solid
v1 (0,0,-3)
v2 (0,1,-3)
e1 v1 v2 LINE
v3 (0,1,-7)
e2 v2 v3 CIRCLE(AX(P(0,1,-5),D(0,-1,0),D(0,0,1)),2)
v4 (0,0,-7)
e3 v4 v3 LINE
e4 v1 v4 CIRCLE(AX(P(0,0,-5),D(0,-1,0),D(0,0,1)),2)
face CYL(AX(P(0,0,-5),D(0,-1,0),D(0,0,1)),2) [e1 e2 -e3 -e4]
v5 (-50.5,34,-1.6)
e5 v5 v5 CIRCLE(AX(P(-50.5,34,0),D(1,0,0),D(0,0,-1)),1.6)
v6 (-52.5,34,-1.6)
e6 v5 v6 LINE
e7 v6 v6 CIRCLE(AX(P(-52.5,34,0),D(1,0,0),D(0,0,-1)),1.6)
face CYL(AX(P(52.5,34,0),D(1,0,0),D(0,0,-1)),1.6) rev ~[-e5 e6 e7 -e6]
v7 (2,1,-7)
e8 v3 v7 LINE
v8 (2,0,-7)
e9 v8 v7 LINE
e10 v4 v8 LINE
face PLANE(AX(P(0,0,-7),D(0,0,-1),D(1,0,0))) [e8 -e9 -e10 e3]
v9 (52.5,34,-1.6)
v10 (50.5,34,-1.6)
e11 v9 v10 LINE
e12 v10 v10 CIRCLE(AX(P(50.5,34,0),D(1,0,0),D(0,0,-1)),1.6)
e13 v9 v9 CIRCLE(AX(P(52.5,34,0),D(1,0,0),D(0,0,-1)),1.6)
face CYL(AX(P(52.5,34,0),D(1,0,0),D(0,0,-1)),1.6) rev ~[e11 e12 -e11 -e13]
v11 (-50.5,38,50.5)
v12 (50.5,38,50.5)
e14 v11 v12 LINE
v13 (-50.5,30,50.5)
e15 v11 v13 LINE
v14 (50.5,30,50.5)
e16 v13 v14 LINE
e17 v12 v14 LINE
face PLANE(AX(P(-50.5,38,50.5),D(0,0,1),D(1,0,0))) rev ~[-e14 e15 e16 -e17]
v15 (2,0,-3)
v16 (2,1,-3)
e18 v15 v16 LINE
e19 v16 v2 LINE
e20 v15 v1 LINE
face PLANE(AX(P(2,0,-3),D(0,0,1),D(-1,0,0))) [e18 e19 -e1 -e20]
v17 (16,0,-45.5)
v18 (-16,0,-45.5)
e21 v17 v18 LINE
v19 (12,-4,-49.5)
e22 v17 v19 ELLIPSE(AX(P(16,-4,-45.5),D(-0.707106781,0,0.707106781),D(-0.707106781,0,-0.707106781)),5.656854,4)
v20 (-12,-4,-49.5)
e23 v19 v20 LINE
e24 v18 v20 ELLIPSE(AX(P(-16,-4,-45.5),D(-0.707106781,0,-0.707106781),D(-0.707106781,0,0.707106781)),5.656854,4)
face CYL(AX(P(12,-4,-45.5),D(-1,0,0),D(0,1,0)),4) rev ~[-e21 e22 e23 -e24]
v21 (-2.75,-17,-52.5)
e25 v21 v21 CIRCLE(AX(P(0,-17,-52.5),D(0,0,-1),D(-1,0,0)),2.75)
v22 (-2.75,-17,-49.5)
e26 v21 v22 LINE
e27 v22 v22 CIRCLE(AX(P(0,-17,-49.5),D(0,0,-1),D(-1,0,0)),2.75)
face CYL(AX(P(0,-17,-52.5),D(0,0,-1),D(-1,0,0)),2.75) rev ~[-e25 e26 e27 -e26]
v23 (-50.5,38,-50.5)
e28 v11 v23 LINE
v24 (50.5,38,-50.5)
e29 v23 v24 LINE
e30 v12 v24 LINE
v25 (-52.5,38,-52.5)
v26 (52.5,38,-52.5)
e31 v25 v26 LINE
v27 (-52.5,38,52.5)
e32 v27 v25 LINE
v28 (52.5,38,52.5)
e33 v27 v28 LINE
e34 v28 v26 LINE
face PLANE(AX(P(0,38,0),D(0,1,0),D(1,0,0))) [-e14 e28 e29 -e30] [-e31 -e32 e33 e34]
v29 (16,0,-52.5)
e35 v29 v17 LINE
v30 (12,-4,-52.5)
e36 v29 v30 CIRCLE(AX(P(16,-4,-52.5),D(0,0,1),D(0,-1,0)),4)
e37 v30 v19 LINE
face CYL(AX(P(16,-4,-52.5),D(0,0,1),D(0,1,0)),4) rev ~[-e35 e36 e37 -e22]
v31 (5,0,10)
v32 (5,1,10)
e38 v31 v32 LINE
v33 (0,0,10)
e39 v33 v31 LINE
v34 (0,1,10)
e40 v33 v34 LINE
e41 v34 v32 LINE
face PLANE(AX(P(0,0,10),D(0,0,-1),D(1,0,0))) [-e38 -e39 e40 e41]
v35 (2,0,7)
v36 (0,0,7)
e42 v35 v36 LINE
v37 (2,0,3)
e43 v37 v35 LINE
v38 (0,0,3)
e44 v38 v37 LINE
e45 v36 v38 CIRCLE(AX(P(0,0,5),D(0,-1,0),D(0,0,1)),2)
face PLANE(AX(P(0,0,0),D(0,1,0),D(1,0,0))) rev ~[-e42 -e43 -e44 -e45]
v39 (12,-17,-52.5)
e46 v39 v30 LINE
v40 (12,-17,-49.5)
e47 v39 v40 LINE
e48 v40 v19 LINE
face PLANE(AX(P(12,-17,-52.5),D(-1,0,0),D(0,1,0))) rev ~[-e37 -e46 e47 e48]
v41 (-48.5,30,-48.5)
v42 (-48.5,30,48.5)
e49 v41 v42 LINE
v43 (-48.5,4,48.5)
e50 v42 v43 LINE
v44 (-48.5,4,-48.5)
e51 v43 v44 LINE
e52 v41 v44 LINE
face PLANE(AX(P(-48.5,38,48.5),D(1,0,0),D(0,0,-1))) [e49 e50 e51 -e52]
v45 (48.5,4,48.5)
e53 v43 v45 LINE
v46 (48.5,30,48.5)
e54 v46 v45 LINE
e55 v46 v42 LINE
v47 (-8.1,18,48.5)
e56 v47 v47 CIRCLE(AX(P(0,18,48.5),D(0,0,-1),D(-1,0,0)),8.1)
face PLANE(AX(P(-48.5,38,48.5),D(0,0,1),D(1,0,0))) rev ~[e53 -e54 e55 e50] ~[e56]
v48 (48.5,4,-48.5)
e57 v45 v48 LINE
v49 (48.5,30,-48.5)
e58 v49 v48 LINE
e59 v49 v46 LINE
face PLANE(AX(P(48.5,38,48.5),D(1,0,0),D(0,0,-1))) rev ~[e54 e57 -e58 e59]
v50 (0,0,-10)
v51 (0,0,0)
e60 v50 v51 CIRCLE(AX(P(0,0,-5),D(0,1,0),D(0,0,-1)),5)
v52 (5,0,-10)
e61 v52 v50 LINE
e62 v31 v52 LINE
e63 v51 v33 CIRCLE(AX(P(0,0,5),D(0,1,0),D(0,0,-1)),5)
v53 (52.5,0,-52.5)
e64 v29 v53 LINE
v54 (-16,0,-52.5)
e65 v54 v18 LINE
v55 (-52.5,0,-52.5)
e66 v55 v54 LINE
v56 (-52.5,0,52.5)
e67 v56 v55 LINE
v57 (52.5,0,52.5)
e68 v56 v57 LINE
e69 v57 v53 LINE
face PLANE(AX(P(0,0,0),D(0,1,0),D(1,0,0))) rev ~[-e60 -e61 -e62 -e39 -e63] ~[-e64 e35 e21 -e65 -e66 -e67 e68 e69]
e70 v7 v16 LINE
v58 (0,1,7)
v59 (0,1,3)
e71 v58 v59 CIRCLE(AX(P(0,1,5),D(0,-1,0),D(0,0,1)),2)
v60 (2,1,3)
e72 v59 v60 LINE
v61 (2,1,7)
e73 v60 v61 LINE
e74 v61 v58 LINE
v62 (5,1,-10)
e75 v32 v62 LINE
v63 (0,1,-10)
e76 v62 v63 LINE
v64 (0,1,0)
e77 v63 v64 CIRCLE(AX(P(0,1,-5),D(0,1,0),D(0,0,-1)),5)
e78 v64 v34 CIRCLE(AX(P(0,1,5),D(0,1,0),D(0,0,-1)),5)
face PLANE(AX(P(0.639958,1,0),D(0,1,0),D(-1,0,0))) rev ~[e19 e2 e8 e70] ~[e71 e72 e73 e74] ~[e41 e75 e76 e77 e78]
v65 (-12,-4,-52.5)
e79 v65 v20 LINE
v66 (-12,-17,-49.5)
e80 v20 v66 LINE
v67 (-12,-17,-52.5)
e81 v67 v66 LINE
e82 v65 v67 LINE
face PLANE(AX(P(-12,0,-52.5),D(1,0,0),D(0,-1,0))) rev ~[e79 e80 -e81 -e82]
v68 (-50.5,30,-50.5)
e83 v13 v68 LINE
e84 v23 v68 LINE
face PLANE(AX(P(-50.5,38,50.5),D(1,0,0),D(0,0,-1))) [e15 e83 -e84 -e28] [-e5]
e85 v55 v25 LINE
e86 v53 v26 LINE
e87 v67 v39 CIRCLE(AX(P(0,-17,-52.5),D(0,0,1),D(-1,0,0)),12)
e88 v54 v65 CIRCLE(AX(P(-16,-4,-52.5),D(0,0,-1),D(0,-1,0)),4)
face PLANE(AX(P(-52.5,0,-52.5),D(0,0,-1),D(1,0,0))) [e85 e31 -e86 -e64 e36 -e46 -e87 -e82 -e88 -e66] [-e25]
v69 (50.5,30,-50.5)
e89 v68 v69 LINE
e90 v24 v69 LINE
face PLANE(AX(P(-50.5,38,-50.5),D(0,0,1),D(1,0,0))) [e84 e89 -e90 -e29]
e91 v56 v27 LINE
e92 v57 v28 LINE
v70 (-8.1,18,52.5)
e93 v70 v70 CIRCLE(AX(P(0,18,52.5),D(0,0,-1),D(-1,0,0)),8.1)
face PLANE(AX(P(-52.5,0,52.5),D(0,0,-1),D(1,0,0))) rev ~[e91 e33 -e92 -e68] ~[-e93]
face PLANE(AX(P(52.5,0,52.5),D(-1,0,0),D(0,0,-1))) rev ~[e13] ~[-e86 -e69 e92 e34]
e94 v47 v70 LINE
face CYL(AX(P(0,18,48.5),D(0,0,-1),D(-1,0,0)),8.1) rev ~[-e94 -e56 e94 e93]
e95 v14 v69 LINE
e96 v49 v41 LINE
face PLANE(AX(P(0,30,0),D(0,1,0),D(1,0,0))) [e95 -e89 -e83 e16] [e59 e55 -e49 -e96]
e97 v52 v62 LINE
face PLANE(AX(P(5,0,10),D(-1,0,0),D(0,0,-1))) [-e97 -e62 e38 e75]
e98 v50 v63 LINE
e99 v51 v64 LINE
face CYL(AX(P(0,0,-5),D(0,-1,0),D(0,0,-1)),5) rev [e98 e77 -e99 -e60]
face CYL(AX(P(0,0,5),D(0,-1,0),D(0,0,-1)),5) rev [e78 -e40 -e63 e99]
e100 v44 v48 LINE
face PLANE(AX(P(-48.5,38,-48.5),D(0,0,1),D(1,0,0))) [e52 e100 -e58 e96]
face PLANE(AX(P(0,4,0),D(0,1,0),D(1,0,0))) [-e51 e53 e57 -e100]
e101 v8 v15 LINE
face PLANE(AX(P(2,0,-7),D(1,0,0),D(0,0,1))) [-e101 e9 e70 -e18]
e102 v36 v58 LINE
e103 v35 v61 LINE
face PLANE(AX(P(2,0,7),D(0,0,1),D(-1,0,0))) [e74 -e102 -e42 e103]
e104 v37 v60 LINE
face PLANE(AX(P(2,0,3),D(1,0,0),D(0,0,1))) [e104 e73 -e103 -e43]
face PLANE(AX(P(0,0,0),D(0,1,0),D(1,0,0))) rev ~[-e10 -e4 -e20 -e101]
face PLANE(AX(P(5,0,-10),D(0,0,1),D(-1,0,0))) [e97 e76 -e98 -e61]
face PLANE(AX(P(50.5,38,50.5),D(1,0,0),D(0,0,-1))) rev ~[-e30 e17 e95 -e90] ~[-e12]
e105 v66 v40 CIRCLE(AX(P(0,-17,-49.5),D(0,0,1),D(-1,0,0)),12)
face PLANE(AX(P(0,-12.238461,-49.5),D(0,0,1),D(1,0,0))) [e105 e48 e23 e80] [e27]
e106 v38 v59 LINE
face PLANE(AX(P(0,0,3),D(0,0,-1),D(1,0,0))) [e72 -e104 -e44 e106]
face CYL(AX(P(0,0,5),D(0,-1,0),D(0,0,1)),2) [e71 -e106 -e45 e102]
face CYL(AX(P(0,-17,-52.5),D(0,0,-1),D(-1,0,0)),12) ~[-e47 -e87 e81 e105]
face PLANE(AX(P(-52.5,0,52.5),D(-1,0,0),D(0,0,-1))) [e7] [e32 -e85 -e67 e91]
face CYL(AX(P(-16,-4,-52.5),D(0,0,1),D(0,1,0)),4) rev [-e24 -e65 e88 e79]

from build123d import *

# Parameters (mm, degrees)
SKETCH1_W           = 105
SKETCH1_H           = 105
BOSS_EXTRUDE1_DEPTH = 38
SKETCH2_W           = 97
SKETCH2_H           = 97
CUT_EXTRUDE1_DEPTH  = 34
SKETCH3_W           = 101
SKETCH3_H           = 101
CUT_EXTRUDE2_DEPTH  = 8
SKETCH5_R           = 1.6
CUT_EXTRUDE3_DEPTH  = 106
SKETCH6_R           = 2.75
BOSS_EXTRUDE2_DEPTH = 3
FILLET1_R           = 4
CUT_EXTRUDE4_REACH  = 6
SKETCH7_R           = 8.1
CUT_EXTRUDE5_DEPTH  = 1


with BuildPart() as part:
    # Sketch1 → Boss-Extrude1 (new body)
    with BuildSketch(Plane(origin=(0, 0, 0), x_dir=(1, 0, 0), z_dir=(0, 1, 0))):
        Rectangle(SKETCH1_W, SKETCH1_H)
    extrude(amount=BOSS_EXTRUDE1_DEPTH)

    # Sketch2 → Cut-Extrude1 (cut)
    with BuildSketch(Plane(origin=(0, 38, 0), x_dir=(1, 0, 0), z_dir=(0, 1, 0))):
        Rectangle(SKETCH2_W, SKETCH2_H)
    extrude(amount=-CUT_EXTRUDE1_DEPTH, mode=Mode.SUBTRACT)

    # Sketch3 → Cut-Extrude2 (cut)
    with BuildSketch(Plane(origin=(0, 38, 0), x_dir=(1, 0, 0), z_dir=(0, 1, 0))):
        Rectangle(SKETCH3_W, SKETCH3_H)
    extrude(amount=-CUT_EXTRUDE2_DEPTH, mode=Mode.SUBTRACT)

    # Sketch5 → Cut-Extrude3 (cut, through all)
    with BuildSketch(Plane(origin=(52.5, 0, 0), x_dir=(0, 0, -1), z_dir=(1, 0, 0))):
        with Locations((0, 34)):
            Circle(SKETCH5_R)
    extrude(amount=-CUT_EXTRUDE3_DEPTH, mode=Mode.SUBTRACT)

    # Sketch6 → Boss-Extrude2 (add)
    with BuildSketch(Plane(origin=(0, 0, -52.5), x_dir=(-1, 0, 0), z_dir=(0, 0, -1))):
        with BuildLine():
            Line((-12, 0), (12, 0))
            Line((12, 0), (12, -5))
            Line((12, -5), (12, -17))
            ThreePointArc((12, -17), (0, -29), (-12, -17))
            Line((-12, -17), (-12, -5))
            Line((-12, -5), (-12, 0))
        make_face()
        with Locations((0, -17)):
            Circle(SKETCH6_R, mode=Mode.SUBTRACT)
    extrude(amount=-BOSS_EXTRUDE2_DEPTH)

    # Fillet1
    fillet1_edges = [part.edges().sort_by_distance(p)[0] for p in [
        (0, 0, -49.5),
        (12, 0, -51),
        (-12, 0, -51),
    ]]
    fillet(fillet1_edges, radius=FILLET1_R)

    # Sketch7 → Cut-Extrude4 (cut, up to next)
    with BuildSketch(Plane(origin=(0, 0, 48.5), x_dir=(-1, 0, 0), z_dir=(0, 0, -1)), mode=Mode.PRIVATE) as cut_extrude4_sk1:
        with Locations((0, 18)):
            Circle(SKETCH7_R)
    cut_extrude4_tool1 = extrude(cut_extrude4_sk1.sketch, amount=-CUT_EXTRUDE4_REACH, mode=Mode.PRIVATE) & part.part
    add(cut_extrude4_tool1.solids().sort_by_distance((0, 18, 48.5))[0], mode=Mode.SUBTRACT)

    # Sketch10 → Cut-Extrude5 (cut)
    with BuildSketch(Plane.XZ):
        with BuildLine():
            Line((5, -10), (0, -10))
            ThreePointArc((0, -10), (-5, -5), (0, 0))
            ThreePointArc((0, 0), (-5, 5), (0, 10))
            Line((0, 10), (5, 10))
            Line((5, 10), (5, -10))
        make_face()
        with BuildLine():
            Line((0, -7), (2, -7))
            Line((2, -7), (2, -3))
            Line((2, -3), (0, -3))
            ThreePointArc((0, -3), (-2, -5), (0, -7))
        make_face(mode=Mode.SUBTRACT)
        with BuildLine():
            Line((0, 3), (2, 3))
            Line((2, 3), (2, 7))
            Line((2, 7), (0, 7))
            ThreePointArc((0, 7), (-2, 5), (0, 3))
        make_face(mode=Mode.SUBTRACT)
    extrude(amount=-CUT_EXTRUDE5_DEPTH, mode=Mode.SUBTRACT)


solid = part.part
